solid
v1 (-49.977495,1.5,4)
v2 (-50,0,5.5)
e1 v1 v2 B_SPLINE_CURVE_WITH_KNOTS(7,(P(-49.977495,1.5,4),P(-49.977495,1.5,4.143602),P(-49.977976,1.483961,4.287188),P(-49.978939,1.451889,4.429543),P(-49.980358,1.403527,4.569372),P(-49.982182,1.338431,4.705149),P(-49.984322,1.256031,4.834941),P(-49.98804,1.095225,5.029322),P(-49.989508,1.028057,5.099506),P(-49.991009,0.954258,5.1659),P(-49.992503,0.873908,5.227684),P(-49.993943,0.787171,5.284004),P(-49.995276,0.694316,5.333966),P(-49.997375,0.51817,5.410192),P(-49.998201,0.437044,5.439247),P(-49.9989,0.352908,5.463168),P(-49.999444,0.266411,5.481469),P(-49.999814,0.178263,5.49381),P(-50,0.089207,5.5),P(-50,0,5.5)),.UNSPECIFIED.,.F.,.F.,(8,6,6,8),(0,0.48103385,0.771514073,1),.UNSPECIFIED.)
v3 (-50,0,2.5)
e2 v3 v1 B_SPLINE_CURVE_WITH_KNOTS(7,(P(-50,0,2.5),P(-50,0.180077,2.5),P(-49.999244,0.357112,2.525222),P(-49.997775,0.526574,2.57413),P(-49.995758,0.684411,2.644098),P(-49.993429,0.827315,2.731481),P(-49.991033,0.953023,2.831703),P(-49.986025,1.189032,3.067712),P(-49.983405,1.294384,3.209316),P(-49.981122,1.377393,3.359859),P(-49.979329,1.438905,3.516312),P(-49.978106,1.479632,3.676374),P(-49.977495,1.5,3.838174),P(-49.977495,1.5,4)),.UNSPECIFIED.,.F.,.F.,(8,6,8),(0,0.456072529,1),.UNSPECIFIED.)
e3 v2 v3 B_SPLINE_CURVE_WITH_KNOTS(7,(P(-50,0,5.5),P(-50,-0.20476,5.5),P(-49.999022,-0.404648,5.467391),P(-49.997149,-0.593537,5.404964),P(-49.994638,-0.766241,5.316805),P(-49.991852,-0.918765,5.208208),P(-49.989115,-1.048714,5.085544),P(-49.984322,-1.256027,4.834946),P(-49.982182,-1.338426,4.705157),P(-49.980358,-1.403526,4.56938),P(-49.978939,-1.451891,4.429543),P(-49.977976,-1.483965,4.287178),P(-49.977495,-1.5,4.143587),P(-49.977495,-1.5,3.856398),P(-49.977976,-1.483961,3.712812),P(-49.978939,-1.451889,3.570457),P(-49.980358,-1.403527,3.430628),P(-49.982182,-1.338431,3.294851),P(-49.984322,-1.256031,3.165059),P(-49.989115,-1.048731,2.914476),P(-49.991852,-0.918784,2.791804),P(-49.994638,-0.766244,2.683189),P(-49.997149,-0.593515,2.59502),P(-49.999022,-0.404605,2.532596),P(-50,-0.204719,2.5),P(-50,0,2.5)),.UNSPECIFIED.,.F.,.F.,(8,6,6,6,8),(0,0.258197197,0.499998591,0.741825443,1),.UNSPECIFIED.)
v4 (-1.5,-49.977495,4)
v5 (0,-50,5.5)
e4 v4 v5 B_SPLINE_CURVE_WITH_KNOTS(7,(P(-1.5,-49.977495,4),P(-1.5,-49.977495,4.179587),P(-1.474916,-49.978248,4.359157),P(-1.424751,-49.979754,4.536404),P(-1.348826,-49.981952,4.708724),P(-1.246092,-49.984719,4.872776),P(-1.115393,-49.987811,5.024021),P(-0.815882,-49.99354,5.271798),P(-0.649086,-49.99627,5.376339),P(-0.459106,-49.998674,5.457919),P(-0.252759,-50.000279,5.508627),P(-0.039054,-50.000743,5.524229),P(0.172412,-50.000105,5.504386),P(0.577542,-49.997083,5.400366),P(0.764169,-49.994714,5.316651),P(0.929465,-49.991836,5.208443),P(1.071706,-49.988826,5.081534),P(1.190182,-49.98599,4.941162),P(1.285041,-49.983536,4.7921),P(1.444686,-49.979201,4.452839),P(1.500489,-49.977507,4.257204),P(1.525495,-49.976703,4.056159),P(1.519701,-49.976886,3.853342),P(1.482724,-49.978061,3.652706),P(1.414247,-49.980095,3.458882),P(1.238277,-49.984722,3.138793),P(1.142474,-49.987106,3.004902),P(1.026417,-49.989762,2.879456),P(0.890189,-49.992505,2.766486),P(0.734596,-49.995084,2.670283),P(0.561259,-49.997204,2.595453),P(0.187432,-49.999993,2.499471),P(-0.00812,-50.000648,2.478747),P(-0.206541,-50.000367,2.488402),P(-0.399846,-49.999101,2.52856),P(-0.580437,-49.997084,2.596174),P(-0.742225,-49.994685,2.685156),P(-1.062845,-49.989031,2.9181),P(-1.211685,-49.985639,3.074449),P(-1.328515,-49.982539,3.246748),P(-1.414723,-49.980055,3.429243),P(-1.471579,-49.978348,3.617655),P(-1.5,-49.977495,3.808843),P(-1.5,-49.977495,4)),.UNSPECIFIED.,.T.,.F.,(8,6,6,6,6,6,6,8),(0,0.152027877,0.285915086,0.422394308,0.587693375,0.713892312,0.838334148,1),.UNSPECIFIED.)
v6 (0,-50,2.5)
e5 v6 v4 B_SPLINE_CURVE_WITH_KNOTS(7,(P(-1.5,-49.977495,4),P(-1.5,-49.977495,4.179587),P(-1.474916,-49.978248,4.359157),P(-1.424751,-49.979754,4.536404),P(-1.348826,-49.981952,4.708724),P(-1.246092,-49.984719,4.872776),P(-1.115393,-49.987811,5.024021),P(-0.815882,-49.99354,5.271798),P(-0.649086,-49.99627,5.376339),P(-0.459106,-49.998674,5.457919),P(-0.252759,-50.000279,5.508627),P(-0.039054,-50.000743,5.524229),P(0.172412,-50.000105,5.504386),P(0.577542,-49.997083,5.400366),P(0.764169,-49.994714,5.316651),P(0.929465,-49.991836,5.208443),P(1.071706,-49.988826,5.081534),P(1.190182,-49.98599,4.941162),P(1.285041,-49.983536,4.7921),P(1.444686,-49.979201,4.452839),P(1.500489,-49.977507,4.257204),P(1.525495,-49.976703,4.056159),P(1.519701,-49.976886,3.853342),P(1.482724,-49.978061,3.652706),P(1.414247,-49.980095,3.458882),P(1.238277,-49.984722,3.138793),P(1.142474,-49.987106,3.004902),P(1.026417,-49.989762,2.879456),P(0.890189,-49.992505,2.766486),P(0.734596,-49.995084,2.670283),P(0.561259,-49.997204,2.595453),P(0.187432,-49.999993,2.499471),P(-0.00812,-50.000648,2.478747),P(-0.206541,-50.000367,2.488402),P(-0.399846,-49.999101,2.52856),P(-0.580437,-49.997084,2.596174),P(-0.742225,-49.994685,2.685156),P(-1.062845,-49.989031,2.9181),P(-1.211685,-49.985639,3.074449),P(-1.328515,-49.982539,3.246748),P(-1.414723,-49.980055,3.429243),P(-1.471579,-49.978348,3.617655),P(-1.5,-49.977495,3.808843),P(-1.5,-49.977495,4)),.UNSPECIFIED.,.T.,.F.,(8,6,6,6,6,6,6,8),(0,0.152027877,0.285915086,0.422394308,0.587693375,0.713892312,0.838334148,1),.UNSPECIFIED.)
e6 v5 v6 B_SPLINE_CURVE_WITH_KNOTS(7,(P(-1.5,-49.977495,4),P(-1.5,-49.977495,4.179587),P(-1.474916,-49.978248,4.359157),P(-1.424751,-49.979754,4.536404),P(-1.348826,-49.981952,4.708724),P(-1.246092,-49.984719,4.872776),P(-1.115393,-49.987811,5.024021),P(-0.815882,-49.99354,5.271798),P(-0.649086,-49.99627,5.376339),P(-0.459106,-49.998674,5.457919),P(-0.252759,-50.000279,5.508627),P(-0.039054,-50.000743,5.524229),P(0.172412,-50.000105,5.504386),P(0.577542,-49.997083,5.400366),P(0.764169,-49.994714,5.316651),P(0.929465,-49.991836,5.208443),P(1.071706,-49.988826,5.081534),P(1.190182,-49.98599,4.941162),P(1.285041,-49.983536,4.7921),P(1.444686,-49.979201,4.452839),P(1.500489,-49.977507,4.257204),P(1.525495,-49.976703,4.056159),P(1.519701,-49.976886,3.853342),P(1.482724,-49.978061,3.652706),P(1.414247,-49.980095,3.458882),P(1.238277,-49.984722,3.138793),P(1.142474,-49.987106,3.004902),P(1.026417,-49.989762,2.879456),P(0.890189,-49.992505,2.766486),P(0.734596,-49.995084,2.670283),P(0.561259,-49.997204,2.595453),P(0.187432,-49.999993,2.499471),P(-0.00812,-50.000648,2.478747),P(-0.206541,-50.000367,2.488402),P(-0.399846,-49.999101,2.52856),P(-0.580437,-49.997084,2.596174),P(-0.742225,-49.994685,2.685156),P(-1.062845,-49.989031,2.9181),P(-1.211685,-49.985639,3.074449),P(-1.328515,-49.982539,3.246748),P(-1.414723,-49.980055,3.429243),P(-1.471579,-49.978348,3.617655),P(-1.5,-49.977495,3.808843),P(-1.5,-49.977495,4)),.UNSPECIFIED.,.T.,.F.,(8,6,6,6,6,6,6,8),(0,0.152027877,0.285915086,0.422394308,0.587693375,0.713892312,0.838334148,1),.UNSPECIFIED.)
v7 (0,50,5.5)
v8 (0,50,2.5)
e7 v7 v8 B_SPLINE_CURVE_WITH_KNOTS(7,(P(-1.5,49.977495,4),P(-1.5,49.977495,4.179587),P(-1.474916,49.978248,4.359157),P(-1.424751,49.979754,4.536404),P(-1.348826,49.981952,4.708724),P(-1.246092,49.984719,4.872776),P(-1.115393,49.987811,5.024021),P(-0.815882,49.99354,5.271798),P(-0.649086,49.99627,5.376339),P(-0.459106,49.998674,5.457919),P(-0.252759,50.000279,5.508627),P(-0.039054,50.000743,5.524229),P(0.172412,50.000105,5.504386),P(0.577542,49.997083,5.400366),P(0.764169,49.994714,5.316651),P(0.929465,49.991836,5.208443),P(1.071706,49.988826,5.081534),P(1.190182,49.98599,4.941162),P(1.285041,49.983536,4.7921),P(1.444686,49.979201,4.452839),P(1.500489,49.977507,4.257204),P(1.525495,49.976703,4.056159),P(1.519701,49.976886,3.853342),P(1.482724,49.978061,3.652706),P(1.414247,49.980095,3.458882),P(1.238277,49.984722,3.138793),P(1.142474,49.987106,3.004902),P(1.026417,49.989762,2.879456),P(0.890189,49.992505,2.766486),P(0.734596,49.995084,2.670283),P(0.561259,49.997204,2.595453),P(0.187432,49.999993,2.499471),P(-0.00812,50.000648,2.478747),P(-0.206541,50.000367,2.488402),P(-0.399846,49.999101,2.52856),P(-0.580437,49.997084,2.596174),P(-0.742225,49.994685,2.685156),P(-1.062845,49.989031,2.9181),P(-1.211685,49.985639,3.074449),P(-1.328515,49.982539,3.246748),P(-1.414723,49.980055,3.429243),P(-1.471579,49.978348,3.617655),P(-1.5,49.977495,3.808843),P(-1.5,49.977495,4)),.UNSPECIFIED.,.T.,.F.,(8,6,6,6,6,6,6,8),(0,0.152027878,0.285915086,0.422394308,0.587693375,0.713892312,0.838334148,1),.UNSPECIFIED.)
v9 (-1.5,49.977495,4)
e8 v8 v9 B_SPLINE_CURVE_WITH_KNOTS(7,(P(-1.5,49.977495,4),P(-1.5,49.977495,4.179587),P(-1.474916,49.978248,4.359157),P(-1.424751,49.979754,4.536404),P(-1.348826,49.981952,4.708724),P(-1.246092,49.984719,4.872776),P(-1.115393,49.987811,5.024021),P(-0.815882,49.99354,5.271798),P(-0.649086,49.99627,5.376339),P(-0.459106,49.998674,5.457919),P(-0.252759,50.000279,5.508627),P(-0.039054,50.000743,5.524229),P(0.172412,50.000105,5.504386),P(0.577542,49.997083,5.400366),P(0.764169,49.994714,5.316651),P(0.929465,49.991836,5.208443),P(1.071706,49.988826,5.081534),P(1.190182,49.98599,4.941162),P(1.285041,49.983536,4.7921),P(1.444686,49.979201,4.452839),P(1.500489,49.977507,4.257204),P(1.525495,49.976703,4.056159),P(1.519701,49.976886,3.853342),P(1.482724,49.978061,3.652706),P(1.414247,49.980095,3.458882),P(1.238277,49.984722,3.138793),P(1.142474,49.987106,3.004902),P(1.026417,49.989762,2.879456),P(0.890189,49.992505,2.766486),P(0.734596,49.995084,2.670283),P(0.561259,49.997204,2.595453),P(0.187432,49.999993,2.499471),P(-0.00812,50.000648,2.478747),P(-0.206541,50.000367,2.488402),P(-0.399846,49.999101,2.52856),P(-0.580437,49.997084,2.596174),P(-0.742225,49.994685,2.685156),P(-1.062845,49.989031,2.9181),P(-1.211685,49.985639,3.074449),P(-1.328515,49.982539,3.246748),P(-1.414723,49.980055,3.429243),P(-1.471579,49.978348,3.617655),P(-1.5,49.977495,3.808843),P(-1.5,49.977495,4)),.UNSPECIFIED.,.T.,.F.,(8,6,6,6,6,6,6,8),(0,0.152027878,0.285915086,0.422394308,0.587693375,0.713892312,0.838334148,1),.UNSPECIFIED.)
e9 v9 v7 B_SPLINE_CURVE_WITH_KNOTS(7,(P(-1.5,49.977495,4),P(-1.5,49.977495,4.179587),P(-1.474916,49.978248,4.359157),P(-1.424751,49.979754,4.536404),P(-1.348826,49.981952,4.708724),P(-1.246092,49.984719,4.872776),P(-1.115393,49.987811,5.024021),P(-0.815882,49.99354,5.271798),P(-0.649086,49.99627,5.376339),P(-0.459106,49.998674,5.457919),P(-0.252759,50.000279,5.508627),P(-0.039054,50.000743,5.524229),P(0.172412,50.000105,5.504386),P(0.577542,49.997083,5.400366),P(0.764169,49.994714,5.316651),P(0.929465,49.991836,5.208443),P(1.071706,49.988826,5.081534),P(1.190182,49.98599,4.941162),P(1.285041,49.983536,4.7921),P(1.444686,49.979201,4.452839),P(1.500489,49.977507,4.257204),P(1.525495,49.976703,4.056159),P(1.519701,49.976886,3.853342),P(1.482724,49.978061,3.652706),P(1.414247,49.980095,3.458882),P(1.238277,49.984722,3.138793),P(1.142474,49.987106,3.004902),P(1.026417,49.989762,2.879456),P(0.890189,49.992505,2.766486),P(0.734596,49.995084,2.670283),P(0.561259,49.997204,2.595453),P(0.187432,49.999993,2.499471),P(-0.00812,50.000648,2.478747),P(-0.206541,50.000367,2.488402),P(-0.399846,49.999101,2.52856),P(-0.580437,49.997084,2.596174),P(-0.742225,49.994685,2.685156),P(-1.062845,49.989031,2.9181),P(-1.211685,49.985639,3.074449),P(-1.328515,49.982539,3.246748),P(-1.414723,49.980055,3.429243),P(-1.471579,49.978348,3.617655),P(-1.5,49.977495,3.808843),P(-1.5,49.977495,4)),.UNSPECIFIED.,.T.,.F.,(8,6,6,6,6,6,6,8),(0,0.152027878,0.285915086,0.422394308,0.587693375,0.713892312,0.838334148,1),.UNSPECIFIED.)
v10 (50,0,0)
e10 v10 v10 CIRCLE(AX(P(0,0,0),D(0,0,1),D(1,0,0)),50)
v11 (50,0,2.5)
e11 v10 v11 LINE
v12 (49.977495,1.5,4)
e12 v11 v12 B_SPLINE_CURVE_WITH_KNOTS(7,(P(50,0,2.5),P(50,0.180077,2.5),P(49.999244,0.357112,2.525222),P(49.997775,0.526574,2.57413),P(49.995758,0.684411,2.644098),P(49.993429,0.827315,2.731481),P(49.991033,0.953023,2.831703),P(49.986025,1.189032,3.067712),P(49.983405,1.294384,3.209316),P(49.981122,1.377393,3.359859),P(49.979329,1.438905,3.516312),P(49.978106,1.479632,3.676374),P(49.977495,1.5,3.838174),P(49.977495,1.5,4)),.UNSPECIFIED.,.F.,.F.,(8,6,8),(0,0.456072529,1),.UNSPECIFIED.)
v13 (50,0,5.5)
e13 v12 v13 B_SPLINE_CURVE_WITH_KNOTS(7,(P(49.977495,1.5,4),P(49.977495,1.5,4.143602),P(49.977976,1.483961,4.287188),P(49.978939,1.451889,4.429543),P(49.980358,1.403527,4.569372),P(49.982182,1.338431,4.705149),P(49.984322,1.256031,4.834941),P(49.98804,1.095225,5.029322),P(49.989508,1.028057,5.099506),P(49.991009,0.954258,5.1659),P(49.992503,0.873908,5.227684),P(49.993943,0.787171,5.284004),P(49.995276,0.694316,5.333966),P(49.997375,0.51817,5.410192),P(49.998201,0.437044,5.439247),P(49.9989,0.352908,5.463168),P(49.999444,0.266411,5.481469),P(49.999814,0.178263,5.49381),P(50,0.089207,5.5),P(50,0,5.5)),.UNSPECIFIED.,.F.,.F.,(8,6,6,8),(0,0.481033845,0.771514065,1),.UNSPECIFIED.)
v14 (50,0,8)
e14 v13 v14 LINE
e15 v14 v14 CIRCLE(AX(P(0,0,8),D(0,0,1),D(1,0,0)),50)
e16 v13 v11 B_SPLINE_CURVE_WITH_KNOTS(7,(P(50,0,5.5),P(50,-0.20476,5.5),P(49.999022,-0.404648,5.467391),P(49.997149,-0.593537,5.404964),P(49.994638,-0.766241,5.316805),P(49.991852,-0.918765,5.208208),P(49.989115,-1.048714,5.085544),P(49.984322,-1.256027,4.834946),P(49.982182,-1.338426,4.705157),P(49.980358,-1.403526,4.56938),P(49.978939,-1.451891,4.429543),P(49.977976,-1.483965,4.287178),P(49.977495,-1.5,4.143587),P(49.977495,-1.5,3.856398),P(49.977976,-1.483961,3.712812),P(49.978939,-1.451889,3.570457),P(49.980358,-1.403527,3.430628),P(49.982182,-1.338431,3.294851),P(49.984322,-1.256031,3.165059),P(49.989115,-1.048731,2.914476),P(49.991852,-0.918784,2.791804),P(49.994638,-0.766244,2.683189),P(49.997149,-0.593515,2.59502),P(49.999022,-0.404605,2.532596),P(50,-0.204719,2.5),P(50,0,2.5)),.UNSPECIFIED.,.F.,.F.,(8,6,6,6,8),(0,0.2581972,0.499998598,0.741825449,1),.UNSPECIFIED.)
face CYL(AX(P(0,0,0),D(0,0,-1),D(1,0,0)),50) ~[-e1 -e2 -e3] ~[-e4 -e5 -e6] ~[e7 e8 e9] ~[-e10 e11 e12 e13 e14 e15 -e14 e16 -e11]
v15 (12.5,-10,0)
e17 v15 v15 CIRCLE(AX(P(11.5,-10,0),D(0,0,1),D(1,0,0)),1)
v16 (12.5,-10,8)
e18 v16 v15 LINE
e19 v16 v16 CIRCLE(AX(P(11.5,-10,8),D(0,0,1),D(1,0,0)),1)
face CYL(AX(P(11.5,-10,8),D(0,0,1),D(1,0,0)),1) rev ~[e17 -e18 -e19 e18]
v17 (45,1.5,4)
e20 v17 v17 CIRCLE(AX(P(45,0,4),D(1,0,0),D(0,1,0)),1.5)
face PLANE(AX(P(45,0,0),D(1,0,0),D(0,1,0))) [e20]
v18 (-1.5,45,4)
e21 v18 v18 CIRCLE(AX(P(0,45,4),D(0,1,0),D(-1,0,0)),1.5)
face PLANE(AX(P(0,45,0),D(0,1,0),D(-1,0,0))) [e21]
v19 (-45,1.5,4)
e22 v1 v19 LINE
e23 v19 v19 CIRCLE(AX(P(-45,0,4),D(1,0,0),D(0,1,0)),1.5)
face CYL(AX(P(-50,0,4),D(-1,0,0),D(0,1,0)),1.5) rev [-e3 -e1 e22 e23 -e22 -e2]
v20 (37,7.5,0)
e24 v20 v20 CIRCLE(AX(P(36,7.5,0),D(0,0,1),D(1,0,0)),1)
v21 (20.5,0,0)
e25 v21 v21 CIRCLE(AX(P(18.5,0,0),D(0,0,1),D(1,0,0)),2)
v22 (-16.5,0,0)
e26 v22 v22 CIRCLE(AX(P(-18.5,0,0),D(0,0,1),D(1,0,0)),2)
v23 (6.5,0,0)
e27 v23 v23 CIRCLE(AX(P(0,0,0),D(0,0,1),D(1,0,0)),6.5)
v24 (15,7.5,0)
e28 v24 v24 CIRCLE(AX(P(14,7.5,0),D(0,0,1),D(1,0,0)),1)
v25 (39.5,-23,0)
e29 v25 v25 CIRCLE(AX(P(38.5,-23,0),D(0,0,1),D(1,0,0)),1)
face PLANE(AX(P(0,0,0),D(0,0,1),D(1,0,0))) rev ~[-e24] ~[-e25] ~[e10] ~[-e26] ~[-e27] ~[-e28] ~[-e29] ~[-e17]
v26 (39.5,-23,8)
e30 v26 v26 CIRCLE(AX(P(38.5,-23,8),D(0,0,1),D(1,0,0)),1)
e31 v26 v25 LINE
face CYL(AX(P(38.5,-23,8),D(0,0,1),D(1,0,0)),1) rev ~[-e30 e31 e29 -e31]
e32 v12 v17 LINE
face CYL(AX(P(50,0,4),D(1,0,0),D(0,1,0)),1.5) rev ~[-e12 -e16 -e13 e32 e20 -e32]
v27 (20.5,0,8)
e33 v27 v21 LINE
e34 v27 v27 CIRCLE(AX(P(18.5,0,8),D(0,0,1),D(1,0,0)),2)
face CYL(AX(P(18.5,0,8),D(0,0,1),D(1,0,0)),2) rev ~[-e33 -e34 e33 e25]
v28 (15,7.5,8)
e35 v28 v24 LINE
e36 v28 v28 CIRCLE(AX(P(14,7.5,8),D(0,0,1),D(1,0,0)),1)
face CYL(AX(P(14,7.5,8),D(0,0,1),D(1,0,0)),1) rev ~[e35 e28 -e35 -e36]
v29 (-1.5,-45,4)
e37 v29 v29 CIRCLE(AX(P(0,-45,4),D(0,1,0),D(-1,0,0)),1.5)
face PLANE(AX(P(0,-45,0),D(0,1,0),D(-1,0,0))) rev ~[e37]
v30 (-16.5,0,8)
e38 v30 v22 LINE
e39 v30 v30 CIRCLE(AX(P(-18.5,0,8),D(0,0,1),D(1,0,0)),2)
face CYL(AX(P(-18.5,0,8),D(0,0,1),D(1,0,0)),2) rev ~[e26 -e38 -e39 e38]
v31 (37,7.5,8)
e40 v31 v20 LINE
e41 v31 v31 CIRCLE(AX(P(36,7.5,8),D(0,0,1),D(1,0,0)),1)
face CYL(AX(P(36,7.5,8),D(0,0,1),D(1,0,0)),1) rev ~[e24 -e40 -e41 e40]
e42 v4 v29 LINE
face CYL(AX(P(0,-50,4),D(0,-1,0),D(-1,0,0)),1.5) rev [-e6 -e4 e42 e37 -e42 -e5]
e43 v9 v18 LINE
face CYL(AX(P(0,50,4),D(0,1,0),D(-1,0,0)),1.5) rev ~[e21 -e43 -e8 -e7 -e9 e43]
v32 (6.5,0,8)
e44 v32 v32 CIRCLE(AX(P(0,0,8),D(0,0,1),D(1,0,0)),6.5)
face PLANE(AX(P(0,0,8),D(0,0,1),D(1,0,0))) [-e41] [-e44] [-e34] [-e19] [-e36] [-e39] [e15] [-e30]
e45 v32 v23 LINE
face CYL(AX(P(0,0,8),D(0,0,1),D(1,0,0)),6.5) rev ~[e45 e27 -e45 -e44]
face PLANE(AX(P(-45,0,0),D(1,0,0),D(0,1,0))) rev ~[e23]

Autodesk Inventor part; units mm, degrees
sketch "スケッチ1" plane through (0, 0, 0) normal (0, 0, 1) x (1, 0, 0)
  circle A0 centre (0, 0) radius 50
  dimension "d0" = 100
extrude "押し出し1" add sketch "スケッチ1" along normal blind 8
ref_plane "作業平面1" through (50, 0, 0) normal (1, 0, 0) x (0, 1, 0)
ref_plane "作業平面2" through (-50, 0, 0) normal (1, 0, 0) x (0, 1, 0)
ref_plane "作業平面3" through (0, 50, 0) normal (0, 1, 0) x (-1, 0, 0)
ref_plane "作業平面4" through (0, -50, 0) normal (0, 1, 0) x (-1, 0, 0)
sketch "スケッチ2" plane through (50, 0, 0) normal (1, 0, 0) x (0, 1, 0)
  line L0 (0, 0) -> (0, 4) construction
  circle A0 centre (0, 4) radius 1.5
  dimension "d7" = 4
  dimension "d8" = 3
extrude "押し出し2" cut sketch "スケッチ2" against normal blind 5
sketch "スケッチ3" plane through (-50, 0, 0) normal (1, 0, 0) x (0, 1, 0)
  line L0 (0, 0) -> (0, 4) construction
  circle A0 centre (0, 4) radius 1.5
  dimension "d11" = 4
  dimension "d12" = 3
extrude "押し出し3" cut sketch "スケッチ3" along normal blind 5
sketch "スケッチ4" plane through (0, 50, 0) normal (0, 1, 0) x (-1, 0, 0)
  line L0 (0, 0) -> (0, 4) construction
  circle A0 centre (0, 4) radius 1.5
  dimension "d15" = 4
  dimension "d16" = 3
extrude "押し出し4" cut sketch "スケッチ4" against normal blind 5
sketch "スケッチ5" plane through (0, -50, 0) normal (0, 1, 0) x (-1, 0, 0)
  line L0 (0, 0) -> (0, 4) construction
  circle A0 centre (0, 4) radius 1.5
  dimension "d19" = 4
  dimension "d20" = 3
extrude "押し出し5" cut sketch "スケッチ5" along normal blind 5
thread "ねじ1" size "M3x0.5" class "6H" standard "ANSI Metric M Profile" full length
thread "ねじ2" size "M3x0.5" class "6H" standard "ANSI Metric M Profile" full length
thread "ねじ3" size "M3x0.5" class "6H" standard "ANSI Metric M Profile" full length
thread "ねじ4" size "M3x0.5" class "6H" standard "ANSI Metric M Profile" full length
sketch "スケッチ8" plane through (0, 0, 8) normal (0, 0, 1) x (1, 0, 0)
  line L0 (0, 0) -> (18.5, 0) construction
  line L1 (0, 0) -> (-18.5, 0) construction
  circle A0 centre (18.5, 0) radius 2
  circle A1 centre (-18.5, 0) radius 2
  circle A2 centre (0, 0) radius 6.5
  dimension "d62" = 18.5
  dimension "d63" = 18.5
  dimension "d64" = 4
  dimension "d65" = 4
  dimension "d66" = 13
extrude "押し出し7" cut sketch "スケッチ8" against normal blind 8
thread "ねじ7" size "M4x0.7" class "6H" standard "ANSI Metric M Profile" full length
thread "ねじ8" size "M4x0.7" class "6H" standard "ANSI Metric M Profile" full length
sketch "スケッチ9" plane through (0, 0, 8) normal (0, 0, 1) x (1, 0, 0)
  line L0 (0, 0) -> (25, 0) construction
  line L1 (25, 0) -> (25, -1) construction
  line L2 (25, 0) -> (25, 7.5) construction
  circle A0 centre (36, 7.5) radius 1
  line L3 (36, 7.5) -> (14, 7.5) construction
  circle A1 centre (14, 7.5) radius 1
  line L4 (25, -1) -> (25, -10) construction
  line L5 (25, -10) -> (25, -23) construction
  line L6 (25, 0) -> (9, 0) construction
  line L7 (9, 0) -> (9, -31) construction
  line L8 (9, -31) -> (41, -31) construction
  line L9 (41, -31) -> (41, 0) construction
  line L10 (25, 0) -> (25, 12) construction
  line L11 (14.417, 12) -> (35.583, 12) construction
  arc A2 (14.757, 12.2915) -> (9, 0) centre (25, 0) ccw construction
  arc A3 (41, 0) -> (35.583, 12) centre (25, 0) ccw construction
  line L12 (25, -10) -> (11.5, -10) construction
  line L13 (25, -23) -> (38.5, -23) construction
  circle A4 centre (11.5, -10) radius 1
  circle A5 centre (38.5, -23) radius 1
  dimension "d92" = 25
  dimension "d103" = 7.5
  dimension "d105" = 2
  dimension "d108" = 2
  dimension "d109" = 17.5
  dimension "d112" = 13
  dimension "d129" = 16
  dimension "d130" = 31
  dimension "d131" = 32
  dimension "d134" = 22
  dimension "d135" = 13.5
  dimension "d136" = 13.5
  dimension "d137" = 2
  dimension "d138" = 2
extrude "押し出し10" cut sketch "スケッチ9" against normal blind 8
properties part number "outsideCover"
